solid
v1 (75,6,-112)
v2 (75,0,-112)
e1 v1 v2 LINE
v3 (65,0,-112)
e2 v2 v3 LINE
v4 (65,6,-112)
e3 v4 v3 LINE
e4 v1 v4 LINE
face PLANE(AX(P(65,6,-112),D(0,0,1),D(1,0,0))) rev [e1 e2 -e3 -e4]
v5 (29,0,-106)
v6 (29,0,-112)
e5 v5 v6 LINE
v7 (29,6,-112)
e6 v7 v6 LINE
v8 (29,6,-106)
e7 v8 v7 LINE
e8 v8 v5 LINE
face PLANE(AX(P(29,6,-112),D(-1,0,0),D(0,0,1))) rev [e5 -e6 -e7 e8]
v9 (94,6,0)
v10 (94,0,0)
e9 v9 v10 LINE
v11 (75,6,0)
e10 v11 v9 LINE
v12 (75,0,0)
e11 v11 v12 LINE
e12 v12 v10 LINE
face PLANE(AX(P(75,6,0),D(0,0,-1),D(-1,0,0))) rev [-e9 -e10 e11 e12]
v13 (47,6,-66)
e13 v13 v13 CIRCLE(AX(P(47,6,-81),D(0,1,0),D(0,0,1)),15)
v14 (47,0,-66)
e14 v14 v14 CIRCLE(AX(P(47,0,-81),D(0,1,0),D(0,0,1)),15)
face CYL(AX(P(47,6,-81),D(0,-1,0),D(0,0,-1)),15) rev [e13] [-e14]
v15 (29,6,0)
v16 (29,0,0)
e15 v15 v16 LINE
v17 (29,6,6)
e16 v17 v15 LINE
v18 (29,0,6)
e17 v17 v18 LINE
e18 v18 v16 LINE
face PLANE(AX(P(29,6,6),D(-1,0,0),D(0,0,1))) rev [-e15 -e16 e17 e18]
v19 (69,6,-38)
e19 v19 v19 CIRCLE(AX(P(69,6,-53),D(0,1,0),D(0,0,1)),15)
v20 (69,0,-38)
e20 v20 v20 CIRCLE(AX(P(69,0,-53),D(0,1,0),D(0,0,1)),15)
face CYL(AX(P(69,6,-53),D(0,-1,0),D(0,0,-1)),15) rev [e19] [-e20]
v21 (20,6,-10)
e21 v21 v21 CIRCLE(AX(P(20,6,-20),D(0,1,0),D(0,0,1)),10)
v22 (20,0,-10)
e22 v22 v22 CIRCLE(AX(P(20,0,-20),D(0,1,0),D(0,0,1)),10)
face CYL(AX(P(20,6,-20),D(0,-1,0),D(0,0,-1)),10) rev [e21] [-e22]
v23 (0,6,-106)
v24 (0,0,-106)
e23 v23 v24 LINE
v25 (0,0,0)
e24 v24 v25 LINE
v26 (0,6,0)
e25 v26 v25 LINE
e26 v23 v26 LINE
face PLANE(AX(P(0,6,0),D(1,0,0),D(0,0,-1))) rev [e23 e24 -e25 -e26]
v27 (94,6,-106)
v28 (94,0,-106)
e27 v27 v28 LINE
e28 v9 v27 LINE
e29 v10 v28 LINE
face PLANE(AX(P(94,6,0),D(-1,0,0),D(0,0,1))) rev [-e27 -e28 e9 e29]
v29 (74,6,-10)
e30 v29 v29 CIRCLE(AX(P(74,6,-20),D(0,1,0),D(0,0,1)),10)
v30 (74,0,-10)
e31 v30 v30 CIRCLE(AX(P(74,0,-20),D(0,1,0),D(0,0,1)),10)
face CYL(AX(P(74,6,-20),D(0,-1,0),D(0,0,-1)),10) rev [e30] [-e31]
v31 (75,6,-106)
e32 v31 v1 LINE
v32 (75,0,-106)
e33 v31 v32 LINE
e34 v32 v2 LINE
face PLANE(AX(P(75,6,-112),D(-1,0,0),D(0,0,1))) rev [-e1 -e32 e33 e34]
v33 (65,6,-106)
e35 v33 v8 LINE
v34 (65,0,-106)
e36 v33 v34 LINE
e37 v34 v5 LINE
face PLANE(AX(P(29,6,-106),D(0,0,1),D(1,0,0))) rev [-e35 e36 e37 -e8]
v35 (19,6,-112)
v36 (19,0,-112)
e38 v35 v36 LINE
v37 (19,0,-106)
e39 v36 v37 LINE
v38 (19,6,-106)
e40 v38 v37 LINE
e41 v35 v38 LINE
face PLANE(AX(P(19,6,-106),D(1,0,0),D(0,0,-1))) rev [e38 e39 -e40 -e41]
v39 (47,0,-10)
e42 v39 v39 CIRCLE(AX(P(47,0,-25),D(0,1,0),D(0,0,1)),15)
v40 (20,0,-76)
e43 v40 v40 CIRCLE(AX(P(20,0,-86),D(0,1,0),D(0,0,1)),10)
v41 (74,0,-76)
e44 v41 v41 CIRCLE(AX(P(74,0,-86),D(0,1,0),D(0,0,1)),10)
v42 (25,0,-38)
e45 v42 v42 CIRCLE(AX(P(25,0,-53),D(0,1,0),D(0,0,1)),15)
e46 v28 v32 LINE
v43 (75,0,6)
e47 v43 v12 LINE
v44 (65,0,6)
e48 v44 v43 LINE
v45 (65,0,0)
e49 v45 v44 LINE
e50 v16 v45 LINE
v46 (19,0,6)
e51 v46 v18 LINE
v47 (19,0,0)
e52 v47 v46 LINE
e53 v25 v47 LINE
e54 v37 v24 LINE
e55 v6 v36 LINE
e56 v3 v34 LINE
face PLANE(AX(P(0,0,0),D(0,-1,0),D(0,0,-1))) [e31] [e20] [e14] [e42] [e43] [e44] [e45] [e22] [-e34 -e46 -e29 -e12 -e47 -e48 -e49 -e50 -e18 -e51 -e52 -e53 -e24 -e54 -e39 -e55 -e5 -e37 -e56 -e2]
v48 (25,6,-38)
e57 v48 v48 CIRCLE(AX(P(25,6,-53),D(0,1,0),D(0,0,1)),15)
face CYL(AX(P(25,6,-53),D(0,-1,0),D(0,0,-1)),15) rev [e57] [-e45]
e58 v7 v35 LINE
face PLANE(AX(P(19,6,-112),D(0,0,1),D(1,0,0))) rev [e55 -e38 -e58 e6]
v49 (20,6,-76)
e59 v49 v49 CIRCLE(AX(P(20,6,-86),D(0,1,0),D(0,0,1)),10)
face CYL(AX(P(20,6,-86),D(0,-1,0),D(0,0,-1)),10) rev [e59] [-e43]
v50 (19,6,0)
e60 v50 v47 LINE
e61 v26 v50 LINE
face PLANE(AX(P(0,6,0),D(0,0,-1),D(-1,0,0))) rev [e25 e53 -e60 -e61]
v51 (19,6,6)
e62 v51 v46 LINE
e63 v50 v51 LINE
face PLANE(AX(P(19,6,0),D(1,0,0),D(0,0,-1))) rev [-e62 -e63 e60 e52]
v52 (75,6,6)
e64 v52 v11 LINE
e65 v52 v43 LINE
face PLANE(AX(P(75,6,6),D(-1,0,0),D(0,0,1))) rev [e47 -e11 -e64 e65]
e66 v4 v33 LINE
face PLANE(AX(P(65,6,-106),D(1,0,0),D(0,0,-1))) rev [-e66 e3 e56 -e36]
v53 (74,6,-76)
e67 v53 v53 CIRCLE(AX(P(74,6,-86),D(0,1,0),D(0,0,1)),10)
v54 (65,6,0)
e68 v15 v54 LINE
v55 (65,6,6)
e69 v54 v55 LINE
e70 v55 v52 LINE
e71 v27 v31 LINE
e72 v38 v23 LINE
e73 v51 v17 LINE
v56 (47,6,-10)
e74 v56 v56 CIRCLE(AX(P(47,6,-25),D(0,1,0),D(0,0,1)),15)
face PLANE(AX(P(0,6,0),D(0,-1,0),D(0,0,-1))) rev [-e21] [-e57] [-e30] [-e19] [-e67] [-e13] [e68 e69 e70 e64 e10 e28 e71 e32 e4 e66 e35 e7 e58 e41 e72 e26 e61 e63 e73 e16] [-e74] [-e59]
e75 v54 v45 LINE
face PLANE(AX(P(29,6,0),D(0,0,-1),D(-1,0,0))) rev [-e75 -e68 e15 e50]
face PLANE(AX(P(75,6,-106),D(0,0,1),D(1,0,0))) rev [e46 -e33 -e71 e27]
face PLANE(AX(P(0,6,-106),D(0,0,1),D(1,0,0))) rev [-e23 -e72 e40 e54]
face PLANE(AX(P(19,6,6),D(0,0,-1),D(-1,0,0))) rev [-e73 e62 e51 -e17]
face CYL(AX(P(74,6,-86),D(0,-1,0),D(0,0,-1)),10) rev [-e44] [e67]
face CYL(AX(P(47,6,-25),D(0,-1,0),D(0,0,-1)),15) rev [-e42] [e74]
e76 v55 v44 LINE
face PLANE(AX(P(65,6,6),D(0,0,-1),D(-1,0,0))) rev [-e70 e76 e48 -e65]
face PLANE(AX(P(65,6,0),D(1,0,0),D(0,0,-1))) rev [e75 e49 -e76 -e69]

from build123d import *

# Parameters (mm, degrees)
SKETCH1_R           = 15
SKETCH1_R_2         = 10
BOSS_EXTRUDE1_DEPTH = 6


with BuildPart() as part:
    # Sketch1 → Boss-Extrude1 (new body)
    with BuildSketch(Plane(origin=(0, 0, 0), x_dir=(1, 0, 0), z_dir=(0, 1, 0))):
        Polygon((0, 0), (19, 0), (19, -6), (29, -6), (29, 0), (65, 0), (65, -6), (75, -6), (75, 0), (94, 0), (94, 106), (75, 106), (75, 112), (65, 112), (65, 106), (29, 106), (29, 112), (19, 112), (19, 106), (0, 106), align=None)
        with Locations(Location((25, 53, 0), (0, 0, 270))):
            Circle(SKETCH1_R, mode=Mode.SUBTRACT)
        with Locations(Location((69, 53, 0), (0, 0, 270))):
            Circle(SKETCH1_R, mode=Mode.SUBTRACT)
        with Locations(Location((47, 81, 0), (0, 0, 270))):
            Circle(SKETCH1_R, mode=Mode.SUBTRACT)
        with Locations(Location((47, 25, 0), (0, 0, 270))):
            Circle(SKETCH1_R, mode=Mode.SUBTRACT)
        with Locations(Location((20, 20, 0), (0, 0, 270))):
            Circle(SKETCH1_R_2, mode=Mode.SUBTRACT)
        with Locations(Location((20, 86, 0), (0, 0, 270))):
            Circle(SKETCH1_R_2, mode=Mode.SUBTRACT)
        with Locations(Location((74, 86, 0), (0, 0, 270))):
            Circle(SKETCH1_R_2, mode=Mode.SUBTRACT)
        with Locations(Location((74, 20, 0), (0, 0, 270))):
            Circle(SKETCH1_R_2, mode=Mode.SUBTRACT)
    extrude(amount=BOSS_EXTRUDE1_DEPTH)


solid = part.part
